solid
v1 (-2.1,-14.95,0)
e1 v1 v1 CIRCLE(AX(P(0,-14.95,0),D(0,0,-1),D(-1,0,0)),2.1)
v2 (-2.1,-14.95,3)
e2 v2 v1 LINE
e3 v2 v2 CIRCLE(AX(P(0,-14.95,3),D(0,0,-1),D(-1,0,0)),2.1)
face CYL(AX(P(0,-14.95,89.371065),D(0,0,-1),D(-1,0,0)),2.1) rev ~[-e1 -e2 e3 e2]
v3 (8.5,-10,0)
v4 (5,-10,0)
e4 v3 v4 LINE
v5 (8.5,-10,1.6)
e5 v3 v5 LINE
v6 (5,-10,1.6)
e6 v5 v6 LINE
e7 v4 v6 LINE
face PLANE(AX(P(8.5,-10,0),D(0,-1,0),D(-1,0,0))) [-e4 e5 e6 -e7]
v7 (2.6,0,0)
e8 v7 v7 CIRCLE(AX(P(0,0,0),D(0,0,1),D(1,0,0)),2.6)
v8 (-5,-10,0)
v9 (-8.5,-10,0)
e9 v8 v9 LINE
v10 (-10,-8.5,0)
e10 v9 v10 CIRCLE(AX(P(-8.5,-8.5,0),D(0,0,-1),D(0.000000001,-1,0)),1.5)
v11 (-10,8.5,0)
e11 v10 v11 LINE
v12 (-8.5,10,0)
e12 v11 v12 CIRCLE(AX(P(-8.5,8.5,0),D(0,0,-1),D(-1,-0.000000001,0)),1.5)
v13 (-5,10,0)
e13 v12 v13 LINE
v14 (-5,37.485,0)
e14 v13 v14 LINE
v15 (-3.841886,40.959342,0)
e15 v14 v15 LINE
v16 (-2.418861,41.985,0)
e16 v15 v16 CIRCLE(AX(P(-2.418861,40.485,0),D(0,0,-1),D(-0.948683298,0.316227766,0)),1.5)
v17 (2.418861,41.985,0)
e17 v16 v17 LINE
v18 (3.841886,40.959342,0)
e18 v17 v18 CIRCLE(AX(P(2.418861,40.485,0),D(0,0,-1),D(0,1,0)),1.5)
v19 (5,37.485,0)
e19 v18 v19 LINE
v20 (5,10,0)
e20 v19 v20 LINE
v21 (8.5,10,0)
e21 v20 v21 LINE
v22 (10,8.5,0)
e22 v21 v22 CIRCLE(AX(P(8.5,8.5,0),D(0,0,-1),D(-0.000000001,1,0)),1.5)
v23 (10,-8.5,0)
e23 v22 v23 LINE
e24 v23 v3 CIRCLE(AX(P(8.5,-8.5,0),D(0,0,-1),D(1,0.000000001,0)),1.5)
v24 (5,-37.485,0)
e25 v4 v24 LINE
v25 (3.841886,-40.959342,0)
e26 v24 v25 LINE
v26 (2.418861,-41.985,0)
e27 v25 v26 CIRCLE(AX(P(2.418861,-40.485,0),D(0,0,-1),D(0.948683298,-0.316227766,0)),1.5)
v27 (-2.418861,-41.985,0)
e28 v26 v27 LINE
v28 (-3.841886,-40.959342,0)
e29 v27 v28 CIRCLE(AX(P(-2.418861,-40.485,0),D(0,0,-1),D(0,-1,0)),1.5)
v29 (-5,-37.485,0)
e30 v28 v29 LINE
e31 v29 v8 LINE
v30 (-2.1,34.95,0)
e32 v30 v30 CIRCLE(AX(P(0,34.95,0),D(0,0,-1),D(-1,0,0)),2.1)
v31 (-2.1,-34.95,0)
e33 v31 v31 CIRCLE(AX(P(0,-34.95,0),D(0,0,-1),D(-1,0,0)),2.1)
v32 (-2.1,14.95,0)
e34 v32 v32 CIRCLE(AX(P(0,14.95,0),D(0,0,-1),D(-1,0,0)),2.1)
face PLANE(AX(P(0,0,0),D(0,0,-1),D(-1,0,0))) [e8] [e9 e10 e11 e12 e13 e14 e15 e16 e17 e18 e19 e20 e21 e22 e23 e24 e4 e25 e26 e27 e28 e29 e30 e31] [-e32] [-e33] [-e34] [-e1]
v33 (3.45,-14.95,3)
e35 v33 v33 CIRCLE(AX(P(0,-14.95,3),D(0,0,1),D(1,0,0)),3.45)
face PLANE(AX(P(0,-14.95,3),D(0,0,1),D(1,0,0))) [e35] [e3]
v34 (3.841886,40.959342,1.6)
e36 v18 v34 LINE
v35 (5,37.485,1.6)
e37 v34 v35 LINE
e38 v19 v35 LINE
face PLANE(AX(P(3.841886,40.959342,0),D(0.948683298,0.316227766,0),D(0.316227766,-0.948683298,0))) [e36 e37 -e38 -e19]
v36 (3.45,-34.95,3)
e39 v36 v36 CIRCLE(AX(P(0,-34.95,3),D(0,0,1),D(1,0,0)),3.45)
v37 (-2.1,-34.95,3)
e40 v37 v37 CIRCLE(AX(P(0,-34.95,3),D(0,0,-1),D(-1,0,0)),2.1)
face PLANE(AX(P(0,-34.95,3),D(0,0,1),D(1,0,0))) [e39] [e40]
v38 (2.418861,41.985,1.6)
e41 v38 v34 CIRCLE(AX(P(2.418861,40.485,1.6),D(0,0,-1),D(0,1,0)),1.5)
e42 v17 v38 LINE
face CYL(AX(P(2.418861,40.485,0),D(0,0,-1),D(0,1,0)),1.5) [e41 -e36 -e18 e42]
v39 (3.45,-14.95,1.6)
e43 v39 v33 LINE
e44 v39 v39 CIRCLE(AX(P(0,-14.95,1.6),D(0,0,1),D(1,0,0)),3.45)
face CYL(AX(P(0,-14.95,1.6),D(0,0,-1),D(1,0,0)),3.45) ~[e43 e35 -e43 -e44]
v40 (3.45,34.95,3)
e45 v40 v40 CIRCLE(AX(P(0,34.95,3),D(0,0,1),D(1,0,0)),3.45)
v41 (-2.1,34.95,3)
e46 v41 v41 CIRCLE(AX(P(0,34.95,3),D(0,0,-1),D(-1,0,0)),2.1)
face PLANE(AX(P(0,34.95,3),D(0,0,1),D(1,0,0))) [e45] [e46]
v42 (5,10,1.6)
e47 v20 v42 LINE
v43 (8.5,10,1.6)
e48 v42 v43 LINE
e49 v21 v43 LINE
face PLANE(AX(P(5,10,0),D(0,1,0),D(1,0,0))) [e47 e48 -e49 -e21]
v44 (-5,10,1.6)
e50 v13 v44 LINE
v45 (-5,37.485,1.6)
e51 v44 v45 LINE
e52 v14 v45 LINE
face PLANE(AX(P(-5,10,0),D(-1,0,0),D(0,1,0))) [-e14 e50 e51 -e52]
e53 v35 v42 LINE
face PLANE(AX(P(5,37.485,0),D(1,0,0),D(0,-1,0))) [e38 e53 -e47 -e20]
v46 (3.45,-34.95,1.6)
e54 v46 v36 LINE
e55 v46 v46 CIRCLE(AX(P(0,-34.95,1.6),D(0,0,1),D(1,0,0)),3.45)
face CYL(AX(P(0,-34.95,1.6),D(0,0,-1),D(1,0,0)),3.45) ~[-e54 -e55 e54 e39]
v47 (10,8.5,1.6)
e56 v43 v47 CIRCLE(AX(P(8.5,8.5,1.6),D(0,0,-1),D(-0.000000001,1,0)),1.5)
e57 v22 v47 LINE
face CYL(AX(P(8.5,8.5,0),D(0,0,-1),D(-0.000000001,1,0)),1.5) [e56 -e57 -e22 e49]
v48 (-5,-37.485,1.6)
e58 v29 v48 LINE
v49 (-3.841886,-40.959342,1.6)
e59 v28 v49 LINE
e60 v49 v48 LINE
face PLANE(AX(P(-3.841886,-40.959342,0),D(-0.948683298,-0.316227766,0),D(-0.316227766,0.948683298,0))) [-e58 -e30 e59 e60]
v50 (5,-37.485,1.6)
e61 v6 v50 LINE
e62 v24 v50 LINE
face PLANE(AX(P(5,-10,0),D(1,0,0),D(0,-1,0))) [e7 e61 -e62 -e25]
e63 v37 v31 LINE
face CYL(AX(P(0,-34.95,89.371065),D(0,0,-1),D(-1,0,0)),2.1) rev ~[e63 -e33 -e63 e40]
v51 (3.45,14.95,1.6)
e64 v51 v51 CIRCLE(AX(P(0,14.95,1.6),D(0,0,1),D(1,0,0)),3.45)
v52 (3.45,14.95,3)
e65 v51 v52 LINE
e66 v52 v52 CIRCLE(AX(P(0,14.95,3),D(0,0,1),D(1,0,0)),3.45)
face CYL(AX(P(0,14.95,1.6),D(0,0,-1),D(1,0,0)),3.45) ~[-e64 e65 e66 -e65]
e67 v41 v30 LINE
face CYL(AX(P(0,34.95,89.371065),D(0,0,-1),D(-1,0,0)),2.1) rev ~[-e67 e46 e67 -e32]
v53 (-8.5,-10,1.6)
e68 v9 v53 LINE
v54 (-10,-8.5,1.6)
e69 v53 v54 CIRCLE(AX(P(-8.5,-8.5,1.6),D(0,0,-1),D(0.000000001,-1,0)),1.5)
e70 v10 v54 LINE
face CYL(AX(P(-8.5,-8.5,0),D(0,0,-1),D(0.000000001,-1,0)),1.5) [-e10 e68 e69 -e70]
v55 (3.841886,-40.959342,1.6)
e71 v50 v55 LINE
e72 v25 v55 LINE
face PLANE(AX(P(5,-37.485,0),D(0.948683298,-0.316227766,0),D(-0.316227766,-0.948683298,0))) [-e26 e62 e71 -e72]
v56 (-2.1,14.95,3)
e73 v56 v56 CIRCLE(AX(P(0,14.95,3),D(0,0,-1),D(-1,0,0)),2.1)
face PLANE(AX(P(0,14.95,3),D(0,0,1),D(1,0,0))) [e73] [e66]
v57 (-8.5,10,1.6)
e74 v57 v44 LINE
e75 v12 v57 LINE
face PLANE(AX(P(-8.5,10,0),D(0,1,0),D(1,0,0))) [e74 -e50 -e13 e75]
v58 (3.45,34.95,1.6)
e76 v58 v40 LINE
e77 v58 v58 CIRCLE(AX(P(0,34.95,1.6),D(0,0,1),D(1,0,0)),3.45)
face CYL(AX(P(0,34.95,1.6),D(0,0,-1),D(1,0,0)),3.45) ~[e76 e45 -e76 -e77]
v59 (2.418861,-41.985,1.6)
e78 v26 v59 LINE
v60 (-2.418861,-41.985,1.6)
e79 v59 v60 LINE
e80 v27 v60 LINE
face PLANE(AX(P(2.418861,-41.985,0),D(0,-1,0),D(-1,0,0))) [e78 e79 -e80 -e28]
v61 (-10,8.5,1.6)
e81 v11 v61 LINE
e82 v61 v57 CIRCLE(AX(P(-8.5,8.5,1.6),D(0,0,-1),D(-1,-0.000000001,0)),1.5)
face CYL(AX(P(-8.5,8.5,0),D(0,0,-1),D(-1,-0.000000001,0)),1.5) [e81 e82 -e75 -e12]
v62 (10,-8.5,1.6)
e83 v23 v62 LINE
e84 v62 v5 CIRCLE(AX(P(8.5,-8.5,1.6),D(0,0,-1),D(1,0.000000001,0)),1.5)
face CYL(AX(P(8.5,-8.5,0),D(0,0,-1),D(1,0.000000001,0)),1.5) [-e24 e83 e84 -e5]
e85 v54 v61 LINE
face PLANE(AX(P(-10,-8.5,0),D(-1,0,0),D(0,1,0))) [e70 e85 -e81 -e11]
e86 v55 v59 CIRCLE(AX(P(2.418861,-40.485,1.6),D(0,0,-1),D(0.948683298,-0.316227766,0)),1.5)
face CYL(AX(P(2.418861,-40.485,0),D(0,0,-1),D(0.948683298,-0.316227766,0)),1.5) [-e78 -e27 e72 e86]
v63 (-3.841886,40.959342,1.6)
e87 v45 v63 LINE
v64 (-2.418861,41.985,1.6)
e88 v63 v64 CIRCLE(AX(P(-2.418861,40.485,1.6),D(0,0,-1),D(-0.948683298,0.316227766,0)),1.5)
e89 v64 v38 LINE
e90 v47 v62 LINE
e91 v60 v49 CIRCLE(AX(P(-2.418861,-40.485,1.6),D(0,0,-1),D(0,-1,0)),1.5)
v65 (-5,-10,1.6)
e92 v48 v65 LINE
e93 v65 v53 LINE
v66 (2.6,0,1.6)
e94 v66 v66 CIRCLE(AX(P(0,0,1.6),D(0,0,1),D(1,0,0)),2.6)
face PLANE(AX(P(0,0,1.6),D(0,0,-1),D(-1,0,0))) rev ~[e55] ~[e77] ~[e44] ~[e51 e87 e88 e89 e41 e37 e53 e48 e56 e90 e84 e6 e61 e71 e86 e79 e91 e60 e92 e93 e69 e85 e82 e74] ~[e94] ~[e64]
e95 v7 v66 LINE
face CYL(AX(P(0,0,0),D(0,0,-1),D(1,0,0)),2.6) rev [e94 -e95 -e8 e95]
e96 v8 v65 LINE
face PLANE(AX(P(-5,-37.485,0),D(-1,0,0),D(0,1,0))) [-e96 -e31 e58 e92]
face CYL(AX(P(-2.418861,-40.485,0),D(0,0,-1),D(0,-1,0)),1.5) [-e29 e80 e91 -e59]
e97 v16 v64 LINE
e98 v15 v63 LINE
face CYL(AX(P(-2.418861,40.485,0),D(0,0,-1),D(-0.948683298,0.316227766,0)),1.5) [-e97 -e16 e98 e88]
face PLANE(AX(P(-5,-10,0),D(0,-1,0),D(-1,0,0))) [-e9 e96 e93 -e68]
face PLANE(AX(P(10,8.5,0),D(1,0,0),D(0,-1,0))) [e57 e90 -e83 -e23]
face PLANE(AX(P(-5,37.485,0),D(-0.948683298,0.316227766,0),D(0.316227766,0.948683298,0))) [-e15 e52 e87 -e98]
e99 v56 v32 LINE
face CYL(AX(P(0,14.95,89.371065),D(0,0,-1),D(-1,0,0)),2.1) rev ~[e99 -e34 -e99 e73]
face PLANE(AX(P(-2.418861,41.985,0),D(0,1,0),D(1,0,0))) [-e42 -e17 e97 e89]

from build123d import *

# Parameters (mm, degrees)
SKETCH1_R             = 2.6
BOSS_EXTRUDE1_DEPTH   = 1.6
SKETCH2_R             = 3.45
BOSS_EXTRUDE2_DEPTH   = 1.4
M5X0_8_TAPPED_HOLE1_D = 4.2


with BuildPart() as part:
    # Sketch1 → Boss-Extrude1 (new body)
    with BuildSketch(Plane.XY):
        with BuildLine():
            Line((-10, -8.5), (-10, 8.5))
            ThreePointArc((-10, 8.5), (-9.560660172, 9.560660172), (-8.5, 10))
            Line((-8.5, 10), (-5, 10))
            Line((-5, 10), (-5, 37.485))
            Line((-5, 37.485), (-3.841886117, 40.959341649))
            ThreePointArc((-3.841886117, 40.959341649), (-3.295926597, 41.701863278), (-2.41886117, 41.985))
            Line((-2.41886117, 41.985), (2.41886117, 41.985))
            ThreePointArc((2.41886117, 41.985), (3.295926597, 41.701863278), (3.841886117, 40.959341649))
            Line((3.841886117, 40.959341649), (5, 37.485))
            Line((5, 37.485), (5, 10))
            Line((5, 10), (8.5, 10))
            ThreePointArc((8.5, 10), (9.560660172, 9.560660172), (10, 8.5))
            Line((10, 8.5), (10, -8.5))
            ThreePointArc((10, -8.5), (9.560660172, -9.560660172), (8.5, -10))
            Line((8.5, -10), (5, -10))
            Line((5, -10), (5, -37.485))
            Line((5, -37.485), (3.841886117, -40.959341649))
            ThreePointArc((3.841886117, -40.959341649), (3.295926597, -41.701863278), (2.41886117, -41.985))
            Line((2.41886117, -41.985), (-2.41886117, -41.985))
            ThreePointArc((-2.41886117, -41.985), (-3.295926597, -41.701863278), (-3.841886117, -40.959341649))
            Line((-3.841886117, -40.959341649), (-5, -37.485))
            Line((-5, -37.485), (-5, -10))
            Line((-5, -10), (-8.5, -10))
            ThreePointArc((-8.5, -10), (-9.560660172, -9.560660172), (-10, -8.5))
        make_face()
        Circle(SKETCH1_R, mode=Mode.SUBTRACT)
    extrude(amount=BOSS_EXTRUDE1_DEPTH)

    # Sketch2 → Boss-Extrude2 (add)
    with BuildSketch(Plane.XY.offset(1.6)):
        with Locations((0, 14.95)):
            Circle(SKETCH2_R)
        with Locations((0, 34.95)):
            Circle(SKETCH2_R)
        with Locations((0, -14.95)):
            Circle(SKETCH2_R)
        with Locations((0, -34.95)):
            Circle(SKETCH2_R)
    extrude(amount=BOSS_EXTRUDE2_DEPTH)

    # M5x0.8 Tapped Hole1 (through all)
    with Locations(Plane.XY.offset(3)):
        with Locations((0, 34.95), (0, 14.95), (0, -14.95), (0, -34.95)):
            Hole(M5X0_8_TAPPED_HOLE1_D / 2)


solid = part.part
